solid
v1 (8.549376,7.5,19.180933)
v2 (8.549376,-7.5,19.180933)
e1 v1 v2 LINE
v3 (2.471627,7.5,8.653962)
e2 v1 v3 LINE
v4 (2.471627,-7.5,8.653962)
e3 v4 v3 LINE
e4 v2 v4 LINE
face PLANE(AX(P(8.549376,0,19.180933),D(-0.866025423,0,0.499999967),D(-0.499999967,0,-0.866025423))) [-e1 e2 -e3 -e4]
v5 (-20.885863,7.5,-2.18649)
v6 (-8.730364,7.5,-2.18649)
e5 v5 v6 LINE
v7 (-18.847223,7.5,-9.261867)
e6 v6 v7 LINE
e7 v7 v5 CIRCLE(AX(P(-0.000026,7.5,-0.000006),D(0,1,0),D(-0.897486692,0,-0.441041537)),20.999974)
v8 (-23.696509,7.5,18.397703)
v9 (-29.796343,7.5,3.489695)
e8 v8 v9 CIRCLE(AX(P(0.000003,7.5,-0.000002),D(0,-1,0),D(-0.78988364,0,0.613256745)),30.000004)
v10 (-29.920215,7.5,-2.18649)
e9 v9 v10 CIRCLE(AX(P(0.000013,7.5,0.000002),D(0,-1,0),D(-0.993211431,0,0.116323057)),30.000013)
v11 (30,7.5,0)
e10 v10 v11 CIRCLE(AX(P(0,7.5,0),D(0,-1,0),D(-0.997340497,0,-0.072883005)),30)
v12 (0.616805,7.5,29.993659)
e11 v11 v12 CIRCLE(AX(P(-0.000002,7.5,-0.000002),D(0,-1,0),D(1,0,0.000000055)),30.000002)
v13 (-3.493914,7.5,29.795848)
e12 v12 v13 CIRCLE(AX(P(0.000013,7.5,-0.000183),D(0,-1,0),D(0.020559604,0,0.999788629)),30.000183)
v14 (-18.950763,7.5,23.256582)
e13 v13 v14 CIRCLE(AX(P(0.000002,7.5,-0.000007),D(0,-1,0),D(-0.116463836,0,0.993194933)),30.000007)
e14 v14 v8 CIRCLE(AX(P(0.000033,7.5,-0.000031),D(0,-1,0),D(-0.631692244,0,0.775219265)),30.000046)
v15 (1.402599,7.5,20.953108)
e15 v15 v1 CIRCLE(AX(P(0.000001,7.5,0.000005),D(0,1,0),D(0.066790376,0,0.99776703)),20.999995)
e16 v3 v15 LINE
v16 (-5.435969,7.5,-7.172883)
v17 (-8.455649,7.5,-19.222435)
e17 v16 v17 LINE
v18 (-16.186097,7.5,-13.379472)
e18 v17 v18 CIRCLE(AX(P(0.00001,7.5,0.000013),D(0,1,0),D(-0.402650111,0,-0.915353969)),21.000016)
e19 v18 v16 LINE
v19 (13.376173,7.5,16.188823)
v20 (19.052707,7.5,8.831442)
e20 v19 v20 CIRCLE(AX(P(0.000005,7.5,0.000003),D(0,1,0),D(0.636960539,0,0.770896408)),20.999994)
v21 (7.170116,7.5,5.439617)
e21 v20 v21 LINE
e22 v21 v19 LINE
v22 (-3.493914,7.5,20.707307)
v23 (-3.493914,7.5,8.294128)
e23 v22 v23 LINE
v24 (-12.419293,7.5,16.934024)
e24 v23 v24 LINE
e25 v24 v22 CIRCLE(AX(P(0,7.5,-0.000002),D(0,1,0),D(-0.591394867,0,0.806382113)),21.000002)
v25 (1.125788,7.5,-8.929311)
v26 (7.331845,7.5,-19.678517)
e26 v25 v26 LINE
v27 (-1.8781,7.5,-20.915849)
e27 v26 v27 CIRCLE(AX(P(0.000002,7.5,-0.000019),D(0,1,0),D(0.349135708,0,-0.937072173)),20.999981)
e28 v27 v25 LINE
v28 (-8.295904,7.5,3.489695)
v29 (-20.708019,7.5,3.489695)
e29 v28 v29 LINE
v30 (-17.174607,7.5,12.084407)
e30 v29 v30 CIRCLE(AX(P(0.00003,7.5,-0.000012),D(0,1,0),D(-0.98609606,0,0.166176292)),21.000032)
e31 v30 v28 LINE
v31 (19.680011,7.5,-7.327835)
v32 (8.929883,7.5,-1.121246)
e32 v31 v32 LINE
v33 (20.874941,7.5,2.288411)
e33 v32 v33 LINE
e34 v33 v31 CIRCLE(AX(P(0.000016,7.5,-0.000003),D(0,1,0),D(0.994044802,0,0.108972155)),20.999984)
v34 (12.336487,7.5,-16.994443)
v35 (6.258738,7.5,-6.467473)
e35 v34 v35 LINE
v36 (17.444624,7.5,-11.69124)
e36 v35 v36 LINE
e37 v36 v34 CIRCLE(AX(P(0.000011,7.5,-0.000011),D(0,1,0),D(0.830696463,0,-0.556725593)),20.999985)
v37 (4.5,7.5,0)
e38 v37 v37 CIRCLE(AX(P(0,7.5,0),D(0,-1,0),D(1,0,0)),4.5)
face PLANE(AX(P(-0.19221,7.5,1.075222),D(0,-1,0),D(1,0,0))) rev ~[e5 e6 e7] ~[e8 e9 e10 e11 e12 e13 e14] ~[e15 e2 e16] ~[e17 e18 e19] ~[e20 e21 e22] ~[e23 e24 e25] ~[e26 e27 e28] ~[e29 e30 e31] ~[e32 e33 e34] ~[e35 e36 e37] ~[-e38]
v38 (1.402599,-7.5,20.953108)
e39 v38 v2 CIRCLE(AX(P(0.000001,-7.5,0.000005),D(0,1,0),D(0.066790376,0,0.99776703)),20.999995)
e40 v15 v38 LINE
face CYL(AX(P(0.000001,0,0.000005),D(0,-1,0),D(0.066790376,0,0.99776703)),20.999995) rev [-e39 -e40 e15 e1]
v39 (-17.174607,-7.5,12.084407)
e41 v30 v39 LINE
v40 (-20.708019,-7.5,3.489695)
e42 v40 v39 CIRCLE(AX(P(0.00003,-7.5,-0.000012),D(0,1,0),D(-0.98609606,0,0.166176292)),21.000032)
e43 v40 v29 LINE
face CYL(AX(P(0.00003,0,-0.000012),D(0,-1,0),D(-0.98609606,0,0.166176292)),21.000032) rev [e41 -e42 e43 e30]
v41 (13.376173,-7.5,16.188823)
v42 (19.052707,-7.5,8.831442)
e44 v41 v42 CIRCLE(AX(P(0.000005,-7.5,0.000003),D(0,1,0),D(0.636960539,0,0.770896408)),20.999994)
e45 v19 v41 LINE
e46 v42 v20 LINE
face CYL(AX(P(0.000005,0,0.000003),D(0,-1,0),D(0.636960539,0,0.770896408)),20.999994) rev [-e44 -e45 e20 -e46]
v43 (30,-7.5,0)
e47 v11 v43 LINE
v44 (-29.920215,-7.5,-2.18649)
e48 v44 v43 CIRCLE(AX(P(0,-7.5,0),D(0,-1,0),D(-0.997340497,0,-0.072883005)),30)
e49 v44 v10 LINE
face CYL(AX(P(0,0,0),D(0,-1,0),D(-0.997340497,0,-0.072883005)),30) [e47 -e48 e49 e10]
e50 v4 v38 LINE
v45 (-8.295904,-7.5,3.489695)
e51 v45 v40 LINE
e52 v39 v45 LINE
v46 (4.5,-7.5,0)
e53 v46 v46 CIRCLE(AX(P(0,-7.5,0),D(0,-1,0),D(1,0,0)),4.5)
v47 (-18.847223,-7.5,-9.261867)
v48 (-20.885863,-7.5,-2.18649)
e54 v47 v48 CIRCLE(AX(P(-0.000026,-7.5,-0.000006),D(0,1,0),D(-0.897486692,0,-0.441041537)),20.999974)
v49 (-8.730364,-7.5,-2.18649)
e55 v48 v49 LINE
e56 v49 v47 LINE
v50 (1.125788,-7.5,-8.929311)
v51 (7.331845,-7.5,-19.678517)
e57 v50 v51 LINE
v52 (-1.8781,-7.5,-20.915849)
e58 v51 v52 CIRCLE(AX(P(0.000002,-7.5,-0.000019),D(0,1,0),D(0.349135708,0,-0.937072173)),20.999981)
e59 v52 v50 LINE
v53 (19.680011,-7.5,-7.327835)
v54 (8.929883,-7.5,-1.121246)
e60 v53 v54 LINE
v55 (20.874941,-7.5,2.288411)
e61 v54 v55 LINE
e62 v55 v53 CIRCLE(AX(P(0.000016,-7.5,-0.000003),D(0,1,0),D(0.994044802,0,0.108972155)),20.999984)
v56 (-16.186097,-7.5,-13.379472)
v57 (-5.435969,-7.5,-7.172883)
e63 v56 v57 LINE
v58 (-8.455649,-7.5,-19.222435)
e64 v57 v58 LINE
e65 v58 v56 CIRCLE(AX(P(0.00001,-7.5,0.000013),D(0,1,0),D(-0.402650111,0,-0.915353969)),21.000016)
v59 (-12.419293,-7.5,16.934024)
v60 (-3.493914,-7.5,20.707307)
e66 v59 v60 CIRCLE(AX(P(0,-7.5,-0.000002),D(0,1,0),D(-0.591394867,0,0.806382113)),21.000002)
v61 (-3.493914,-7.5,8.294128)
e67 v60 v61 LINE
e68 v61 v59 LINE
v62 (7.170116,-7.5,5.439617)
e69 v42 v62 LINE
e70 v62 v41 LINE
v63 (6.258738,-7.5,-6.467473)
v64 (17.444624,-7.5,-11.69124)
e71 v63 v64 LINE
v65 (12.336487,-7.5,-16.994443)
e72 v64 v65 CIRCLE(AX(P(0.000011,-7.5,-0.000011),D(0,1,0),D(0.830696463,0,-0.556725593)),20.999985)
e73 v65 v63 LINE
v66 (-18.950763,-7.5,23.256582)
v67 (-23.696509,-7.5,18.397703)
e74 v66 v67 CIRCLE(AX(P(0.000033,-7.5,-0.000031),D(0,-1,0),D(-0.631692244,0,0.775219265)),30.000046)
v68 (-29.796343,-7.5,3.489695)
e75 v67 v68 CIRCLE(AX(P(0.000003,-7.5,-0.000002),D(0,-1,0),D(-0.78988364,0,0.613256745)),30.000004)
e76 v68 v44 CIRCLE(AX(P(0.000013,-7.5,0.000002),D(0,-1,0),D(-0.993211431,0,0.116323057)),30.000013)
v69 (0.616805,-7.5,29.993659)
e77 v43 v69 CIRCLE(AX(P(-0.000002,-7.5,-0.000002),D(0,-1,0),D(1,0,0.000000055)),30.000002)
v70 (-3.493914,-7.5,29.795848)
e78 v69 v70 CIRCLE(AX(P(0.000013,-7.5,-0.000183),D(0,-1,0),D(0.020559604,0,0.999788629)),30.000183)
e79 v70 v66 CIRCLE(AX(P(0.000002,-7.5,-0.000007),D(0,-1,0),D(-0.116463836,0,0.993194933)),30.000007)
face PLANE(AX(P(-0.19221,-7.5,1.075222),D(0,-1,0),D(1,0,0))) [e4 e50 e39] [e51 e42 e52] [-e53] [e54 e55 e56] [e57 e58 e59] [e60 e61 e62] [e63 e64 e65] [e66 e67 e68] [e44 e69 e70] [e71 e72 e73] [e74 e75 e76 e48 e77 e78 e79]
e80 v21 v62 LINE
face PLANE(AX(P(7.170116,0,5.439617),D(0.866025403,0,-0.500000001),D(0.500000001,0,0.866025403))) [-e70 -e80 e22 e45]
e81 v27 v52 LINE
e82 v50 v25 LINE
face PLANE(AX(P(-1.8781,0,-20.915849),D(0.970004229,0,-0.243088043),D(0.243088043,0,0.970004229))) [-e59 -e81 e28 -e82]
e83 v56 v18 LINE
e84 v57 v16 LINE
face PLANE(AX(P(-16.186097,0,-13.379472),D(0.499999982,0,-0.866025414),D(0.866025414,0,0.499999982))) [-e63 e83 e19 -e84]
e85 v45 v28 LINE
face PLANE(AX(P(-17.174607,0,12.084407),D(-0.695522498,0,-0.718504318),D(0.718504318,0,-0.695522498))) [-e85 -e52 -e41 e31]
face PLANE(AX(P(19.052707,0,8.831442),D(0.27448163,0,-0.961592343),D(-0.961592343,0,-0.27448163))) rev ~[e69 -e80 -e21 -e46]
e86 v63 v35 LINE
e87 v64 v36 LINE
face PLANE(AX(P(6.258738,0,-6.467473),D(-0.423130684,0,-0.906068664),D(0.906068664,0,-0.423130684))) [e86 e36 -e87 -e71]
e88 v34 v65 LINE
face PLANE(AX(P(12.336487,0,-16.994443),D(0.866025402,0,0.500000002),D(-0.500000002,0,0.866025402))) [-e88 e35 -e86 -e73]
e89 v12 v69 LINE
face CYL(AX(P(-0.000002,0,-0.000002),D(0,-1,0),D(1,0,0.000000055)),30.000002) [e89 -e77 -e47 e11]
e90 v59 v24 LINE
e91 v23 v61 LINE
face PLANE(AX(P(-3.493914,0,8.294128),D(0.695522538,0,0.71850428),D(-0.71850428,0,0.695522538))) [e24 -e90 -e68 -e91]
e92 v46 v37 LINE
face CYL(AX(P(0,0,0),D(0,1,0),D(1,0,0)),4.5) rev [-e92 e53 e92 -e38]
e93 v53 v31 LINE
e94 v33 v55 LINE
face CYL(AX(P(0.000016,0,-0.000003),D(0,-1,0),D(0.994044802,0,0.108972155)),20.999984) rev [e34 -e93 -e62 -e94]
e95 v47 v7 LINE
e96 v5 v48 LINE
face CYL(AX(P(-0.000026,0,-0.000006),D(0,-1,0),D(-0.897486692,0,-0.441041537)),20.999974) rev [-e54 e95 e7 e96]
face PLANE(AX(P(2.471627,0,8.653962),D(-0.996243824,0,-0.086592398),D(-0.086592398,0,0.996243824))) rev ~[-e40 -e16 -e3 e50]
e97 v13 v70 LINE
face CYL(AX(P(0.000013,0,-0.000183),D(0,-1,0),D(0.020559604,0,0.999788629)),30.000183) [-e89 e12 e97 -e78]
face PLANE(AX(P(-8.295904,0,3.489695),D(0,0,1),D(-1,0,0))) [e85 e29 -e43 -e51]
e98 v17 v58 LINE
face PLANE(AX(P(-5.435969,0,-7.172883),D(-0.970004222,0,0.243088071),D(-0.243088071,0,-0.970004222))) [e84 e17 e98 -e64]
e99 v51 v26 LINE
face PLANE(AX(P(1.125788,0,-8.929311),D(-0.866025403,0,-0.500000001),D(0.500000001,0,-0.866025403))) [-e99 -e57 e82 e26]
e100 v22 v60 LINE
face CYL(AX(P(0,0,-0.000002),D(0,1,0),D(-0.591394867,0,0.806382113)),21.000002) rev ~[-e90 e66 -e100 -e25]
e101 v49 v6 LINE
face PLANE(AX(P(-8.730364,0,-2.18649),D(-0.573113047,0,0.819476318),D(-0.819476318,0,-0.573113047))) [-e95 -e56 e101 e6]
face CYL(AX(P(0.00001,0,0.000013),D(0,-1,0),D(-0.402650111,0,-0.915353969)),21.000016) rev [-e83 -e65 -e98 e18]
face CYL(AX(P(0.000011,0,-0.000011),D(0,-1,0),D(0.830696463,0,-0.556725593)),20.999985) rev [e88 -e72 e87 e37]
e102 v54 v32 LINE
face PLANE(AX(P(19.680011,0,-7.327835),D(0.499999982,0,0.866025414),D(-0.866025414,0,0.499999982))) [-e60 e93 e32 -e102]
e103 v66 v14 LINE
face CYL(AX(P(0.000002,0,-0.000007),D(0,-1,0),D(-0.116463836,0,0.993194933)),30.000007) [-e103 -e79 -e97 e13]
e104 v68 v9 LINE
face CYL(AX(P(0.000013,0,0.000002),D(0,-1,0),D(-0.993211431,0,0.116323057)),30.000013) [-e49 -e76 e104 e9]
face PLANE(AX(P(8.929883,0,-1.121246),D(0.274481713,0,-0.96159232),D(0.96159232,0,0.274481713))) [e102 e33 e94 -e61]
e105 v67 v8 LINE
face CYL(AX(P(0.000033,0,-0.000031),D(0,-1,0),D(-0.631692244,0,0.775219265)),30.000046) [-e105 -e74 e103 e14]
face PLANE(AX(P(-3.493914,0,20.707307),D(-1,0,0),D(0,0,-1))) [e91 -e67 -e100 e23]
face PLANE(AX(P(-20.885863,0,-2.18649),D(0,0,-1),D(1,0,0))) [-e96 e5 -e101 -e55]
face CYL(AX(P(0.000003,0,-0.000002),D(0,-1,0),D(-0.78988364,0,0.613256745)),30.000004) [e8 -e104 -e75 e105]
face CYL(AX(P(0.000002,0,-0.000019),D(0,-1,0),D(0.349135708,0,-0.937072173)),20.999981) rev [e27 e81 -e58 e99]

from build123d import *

# Parameters (mm, degrees)
F0_R     = 4.5
F1_DEPTH = 7.5


with BuildPart() as f1:
    # F0 (on Front) → F1 (new body, symmetric)
    with BuildSketch(Plane.XZ):
        with BuildLine():
            ThreePointArc((-29.920215, -2.18649), (1.093972, -29.980047), (30, 0))
            ThreePointArc((30, 0), (21.430167, 20.993997), (0.616805, 29.993659))
            ThreePointArc((0.616805, 29.993659), (-1.441951, 29.965326), (-3.493914, 29.795848))
            ThreePointArc((-3.493914, 29.795848), (-11.688943, 27.629126), (-18.950763, 23.256582))
            ThreePointArc((-18.950763, 23.256582), (-21.461585, 20.961879), (-23.696509, 18.397703))
            ThreePointArc((-23.696509, 18.397703), (-27.765689, 11.360745), (-29.796343, 3.489695))
            ThreePointArc((-29.796343, 3.489695), (-29.992859, 0.654539), (-29.920215, -2.18649))
        make_face()
        with BuildLine():
            ThreePointArc((-8.455649, -19.222435), (-12.662502, -16.752941), (-16.186097, -13.379472))
            Line((-16.186097, -13.379472), (-5.435969, -7.172883))
            Line((-5.435969, -7.172883), (-8.455649, -19.222435))
        make_face(mode=Mode.SUBTRACT)
        with BuildLine():
            Line((-20.885863, -2.18649), (-8.730364, -2.18649))
            Line((-8.730364, -2.18649), (-18.847223, -9.261867))
            ThreePointArc((-18.847223, -9.261867), (-20.179068, -5.814227), (-20.885863, -2.18649))
        make_face(mode=Mode.SUBTRACT)
        with BuildLine():
            Line((-1.8781, -20.915849), (1.125788, -8.929311))
            Line((1.125788, -8.929311), (7.331845, -19.678517))
            ThreePointArc((7.331845, -19.678517), (2.796173, -20.813011), (-1.8781, -20.915849))
        make_face(mode=Mode.SUBTRACT)
        with BuildLine():
            Line((12.336487, -16.994443), (6.258738, -6.467473))
            Line((6.258738, -6.467473), (17.444624, -11.69124))
            ThreePointArc((17.444624, -11.69124), (15.124802, -14.568472), (12.336487, -16.994443))
        make_face(mode=Mode.SUBTRACT)
        with BuildLine():
            ThreePointArc((20.874941, 2.288411), (20.839724, -2.589578), (19.680011, -7.327835))
            Line((19.680011, -7.327835), (8.929883, -1.121246))
            Line((8.929883, -1.121246), (20.874941, 2.288411))
        make_face(mode=Mode.SUBTRACT)
        with BuildLine():
            Line((-17.174607, 12.084407), (-8.295904, 3.489695))
            Line((-8.295904, 3.489695), (-20.708019, 3.489695))
            ThreePointArc((-20.708019, 3.489695), (-19.422682, 7.984949), (-17.174607, 12.084407))
        make_face(mode=Mode.SUBTRACT)
        with BuildLine():
            ThreePointArc((-12.419293, 16.934024), (-8.177222, 19.342519), (-3.493914, 20.707307))
            Line((-3.493914, 20.707307), (-3.493914, 8.294128))
            Line((-3.493914, 8.294128), (-12.419293, 16.934024))
        make_face(mode=Mode.SUBTRACT)
        Circle(F0_R, mode=Mode.SUBTRACT)
        with BuildLine():
            Line((2.471627, 8.653962), (1.402599, 20.953108))
            ThreePointArc((1.402599, 20.953108), (5.054266, 20.382699), (8.549376, 19.180933))
            Line((8.549376, 19.180933), (2.471627, 8.653962))
        make_face(mode=Mode.SUBTRACT)
        with BuildLine():
            Line((19.052707, 8.831442), (7.170116, 5.439617))
            Line((7.170116, 5.439617), (13.376173, 16.188823))
            ThreePointArc((13.376173, 16.188823), (16.62651, 12.828062), (19.052707, 8.831442))
        make_face(mode=Mode.SUBTRACT)
    extrude(amount=F1_DEPTH, both=True)


solid = f1.part
